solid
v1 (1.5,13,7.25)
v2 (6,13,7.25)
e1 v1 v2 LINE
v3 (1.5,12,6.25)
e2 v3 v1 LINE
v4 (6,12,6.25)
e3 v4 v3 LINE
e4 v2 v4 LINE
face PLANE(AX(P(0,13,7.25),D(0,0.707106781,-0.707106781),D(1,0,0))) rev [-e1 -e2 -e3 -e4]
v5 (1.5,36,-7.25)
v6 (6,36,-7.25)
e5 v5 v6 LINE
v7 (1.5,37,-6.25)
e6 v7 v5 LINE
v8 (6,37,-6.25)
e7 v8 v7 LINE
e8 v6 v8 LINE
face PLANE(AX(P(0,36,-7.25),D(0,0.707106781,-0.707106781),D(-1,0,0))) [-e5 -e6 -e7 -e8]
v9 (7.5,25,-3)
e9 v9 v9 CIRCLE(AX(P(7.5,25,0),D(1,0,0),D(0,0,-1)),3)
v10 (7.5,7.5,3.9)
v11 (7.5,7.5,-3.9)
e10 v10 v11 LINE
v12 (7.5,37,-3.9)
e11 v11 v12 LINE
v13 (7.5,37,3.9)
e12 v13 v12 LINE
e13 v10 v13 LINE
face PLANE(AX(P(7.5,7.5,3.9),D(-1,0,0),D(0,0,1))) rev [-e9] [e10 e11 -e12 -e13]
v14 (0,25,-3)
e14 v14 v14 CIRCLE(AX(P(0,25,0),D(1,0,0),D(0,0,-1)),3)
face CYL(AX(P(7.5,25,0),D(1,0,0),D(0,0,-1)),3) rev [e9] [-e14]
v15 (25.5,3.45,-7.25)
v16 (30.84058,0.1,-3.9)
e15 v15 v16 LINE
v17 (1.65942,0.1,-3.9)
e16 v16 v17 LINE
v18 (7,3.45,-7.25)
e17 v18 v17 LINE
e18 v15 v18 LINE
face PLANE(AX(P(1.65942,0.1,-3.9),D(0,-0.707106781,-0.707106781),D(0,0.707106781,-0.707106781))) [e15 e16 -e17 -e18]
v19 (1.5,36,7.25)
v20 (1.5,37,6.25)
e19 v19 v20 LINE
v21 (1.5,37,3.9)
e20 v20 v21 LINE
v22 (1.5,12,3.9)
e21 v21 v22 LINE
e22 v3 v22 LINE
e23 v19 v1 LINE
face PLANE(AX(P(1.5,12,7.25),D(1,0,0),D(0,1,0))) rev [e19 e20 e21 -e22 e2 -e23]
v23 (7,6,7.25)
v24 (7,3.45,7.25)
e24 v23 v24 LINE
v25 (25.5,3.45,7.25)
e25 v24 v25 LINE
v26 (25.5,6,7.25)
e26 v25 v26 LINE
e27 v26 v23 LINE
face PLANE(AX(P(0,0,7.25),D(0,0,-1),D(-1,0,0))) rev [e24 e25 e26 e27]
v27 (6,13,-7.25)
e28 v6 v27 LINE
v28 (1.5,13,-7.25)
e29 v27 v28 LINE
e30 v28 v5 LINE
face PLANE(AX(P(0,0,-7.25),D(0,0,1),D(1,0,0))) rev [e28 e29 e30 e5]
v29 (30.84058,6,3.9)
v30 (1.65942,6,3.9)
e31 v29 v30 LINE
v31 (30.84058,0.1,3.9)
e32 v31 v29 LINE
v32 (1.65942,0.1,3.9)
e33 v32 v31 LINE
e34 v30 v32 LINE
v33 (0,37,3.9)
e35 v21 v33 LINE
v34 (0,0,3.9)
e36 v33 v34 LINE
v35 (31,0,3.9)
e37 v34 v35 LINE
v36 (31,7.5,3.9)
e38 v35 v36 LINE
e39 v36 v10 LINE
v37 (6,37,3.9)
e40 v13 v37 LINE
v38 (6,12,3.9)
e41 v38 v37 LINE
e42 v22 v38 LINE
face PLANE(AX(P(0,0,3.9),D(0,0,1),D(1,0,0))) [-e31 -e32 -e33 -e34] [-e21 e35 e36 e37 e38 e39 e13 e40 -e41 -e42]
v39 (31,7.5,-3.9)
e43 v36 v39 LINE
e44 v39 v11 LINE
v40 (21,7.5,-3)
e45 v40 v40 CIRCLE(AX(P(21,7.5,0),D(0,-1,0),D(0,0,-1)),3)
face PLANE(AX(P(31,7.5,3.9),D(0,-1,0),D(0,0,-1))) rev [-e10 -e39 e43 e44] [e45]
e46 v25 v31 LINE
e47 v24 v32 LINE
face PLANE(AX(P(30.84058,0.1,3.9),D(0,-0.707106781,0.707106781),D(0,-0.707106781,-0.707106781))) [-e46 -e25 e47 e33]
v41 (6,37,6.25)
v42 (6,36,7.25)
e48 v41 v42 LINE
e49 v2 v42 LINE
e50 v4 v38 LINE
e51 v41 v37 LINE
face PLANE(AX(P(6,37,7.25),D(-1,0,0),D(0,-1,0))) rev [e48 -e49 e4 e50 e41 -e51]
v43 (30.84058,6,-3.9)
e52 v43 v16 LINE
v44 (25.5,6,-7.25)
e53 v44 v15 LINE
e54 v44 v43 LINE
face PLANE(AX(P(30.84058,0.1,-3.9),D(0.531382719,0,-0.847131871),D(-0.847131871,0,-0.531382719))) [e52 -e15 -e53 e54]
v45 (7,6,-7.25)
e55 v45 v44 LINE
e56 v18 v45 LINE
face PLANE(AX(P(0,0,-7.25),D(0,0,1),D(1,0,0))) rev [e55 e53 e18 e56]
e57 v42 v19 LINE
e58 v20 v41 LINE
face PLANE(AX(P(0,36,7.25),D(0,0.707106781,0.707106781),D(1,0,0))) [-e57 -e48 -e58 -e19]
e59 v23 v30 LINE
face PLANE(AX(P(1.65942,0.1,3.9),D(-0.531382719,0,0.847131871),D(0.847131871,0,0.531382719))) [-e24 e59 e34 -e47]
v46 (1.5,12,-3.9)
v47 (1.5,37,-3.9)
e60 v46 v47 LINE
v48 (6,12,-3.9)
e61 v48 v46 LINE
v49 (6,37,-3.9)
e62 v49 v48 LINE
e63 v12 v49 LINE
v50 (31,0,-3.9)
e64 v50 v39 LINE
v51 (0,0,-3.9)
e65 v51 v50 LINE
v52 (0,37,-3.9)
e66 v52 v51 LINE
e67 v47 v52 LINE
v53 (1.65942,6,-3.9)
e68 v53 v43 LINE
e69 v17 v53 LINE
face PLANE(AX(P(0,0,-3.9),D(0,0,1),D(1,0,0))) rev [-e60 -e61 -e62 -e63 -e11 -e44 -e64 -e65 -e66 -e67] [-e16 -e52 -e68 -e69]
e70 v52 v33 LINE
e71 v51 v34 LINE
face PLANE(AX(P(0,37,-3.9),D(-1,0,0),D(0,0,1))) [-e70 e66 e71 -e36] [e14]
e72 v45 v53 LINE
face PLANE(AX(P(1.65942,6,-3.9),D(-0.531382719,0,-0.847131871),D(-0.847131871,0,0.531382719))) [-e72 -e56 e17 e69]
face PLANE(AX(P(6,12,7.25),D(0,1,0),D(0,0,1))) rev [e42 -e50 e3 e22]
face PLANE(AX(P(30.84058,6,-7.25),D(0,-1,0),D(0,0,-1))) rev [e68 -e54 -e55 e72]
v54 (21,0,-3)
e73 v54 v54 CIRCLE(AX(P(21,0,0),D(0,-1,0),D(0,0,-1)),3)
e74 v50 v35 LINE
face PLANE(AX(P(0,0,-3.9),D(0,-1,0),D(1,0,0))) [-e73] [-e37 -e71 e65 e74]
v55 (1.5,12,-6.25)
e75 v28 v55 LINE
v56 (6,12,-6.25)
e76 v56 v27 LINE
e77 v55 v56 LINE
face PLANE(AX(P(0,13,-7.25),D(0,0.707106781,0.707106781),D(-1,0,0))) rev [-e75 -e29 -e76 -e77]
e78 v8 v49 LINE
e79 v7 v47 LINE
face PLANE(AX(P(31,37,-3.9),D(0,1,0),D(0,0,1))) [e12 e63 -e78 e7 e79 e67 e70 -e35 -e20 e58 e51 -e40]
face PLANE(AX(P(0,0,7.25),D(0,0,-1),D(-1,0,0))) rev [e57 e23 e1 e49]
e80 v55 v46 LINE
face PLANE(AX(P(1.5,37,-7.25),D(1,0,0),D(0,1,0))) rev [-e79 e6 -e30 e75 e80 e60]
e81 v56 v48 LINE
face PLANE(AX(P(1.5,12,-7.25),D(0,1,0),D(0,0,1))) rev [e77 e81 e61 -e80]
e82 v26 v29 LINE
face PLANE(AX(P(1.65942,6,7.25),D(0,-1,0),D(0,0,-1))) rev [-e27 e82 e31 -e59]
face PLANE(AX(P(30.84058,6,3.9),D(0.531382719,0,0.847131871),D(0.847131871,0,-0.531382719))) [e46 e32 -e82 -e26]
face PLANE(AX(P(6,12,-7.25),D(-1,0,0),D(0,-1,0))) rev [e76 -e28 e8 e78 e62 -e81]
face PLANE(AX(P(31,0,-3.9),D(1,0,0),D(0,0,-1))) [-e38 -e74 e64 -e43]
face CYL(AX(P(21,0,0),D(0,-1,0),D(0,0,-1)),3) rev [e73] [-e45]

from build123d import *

# Parameters (mm, degrees)
SKETCH_1_W                = 31
SKETCH_1_H                = 37
EXTRUDE_1_DEPTH           = 7.8
SKETCH_2_W                = 23.5
SKETCH_2_H                = 29.5
CUT_EXTRUDE_1_DEPTH       = 49.896216623
SKETCH_3_W                = 29.18115942
SKETCH_3_H                = 5.9
EXTRUDE_2_DEPTH           = 3.35
SKETCH_4_W                = 4.5
SKETCH_4_H                = 25
EXTRUDE_3_DEPTH           = 3.35
SKETCH_5_W                = 4.5
SKETCH_5_H                = 25
EXTRUDE_4_DEPTH           = 3.35
SKETCH_6_W                = 29.18115942
SKETCH_6_H                = 5.9
EXTRUDE_5_DEPTH           = 3.35
DRAFT_1_ANGLE             = 45
DRAFT_2_ANGLE             = 45
DRAFT_3_ANGLE             = 57.901072745
DRAFT_4_ANGLE             = 57.901072745
HOLE_WIZARD_6_0_6_1_D     = 6
HOLE_WIZARD_6_0_6_2_D     = 6
HOLE_WIZARD_6_0_6_2_DEPTH = 37
CHAMFER_1_SIZE            = 1


with BuildPart() as part:
    # 草图1 → 凸台-拉伸1 (new body)
    with BuildSketch(Plane.XY.offset(3.9)):
        with Locations((15.5, 18.5)):
            Rectangle(SKETCH_1_W, SKETCH_1_H)
    extrude(amount=-EXTRUDE_1_DEPTH)

    # 草图2 → 切除-拉伸1 (cut, through all)
    with BuildSketch(Plane(origin=(0, 0, -3.9), x_dir=(-1, 0, 0), z_dir=(0, 0, -1))):
        with Locations((-19.25, 22.25)):
            Rectangle(SKETCH_2_W, SKETCH_2_H)
    extrude(amount=-CUT_EXTRUDE_1_DEPTH, mode=Mode.SUBTRACT)

    # 草图3 → 凸台-拉伸2 (add)
    with BuildSketch(Plane.XY.offset(3.9)):
        with Locations((16.25, 3.05)):
            Rectangle(SKETCH_3_W, SKETCH_3_H)
    extrude(amount=EXTRUDE_2_DEPTH)

    # 草图4 → 凸台-拉伸3 (add)
    with BuildSketch(Plane.XY.offset(3.9)):
        with Locations((3.75, 24.5)):
            Rectangle(SKETCH_4_W, SKETCH_4_H)
    extrude(amount=EXTRUDE_3_DEPTH)

    # 草图5 → 凸台-拉伸4 (add)
    with BuildSketch(Plane(origin=(0, 0, -3.9), x_dir=(-1, 0, 0), z_dir=(0, 0, -1))):
        with Locations((-3.75, 24.5)):
            Rectangle(SKETCH_5_W, SKETCH_5_H)
    extrude(amount=EXTRUDE_4_DEPTH)

    # 草图6 → 凸台-拉伸5 (add)
    with BuildSketch(Plane(origin=(0, 0, -3.9), x_dir=(-1, 0, 0), z_dir=(0, 0, -1))):
        with Locations((-16.25, 3.05)):
            Rectangle(SKETCH_6_W, SKETCH_6_H)
    extrude(amount=EXTRUDE_5_DEPTH)

    # 拔模1
    draft_1_faces = [part.faces().sort_by_distance(p)[0] for p in [
        (16.25, 0.1, -5.575),
    ]]
    draft(draft_1_faces, Plane(origin=(0, 0, -3.9), x_dir=(-1, 0, 0), z_dir=(0, 0, -1)), DRAFT_1_ANGLE)

    # 拔模2
    draft_2_faces = [part.faces().sort_by_distance(p)[0] for p in [
        (16.25, 0.1, 5.575),
    ]]
    draft(draft_2_faces, Plane.XY.offset(3.9), DRAFT_2_ANGLE)

    # 拔模3
    draft_3_faces = [part.faces().sort_by_distance(p)[0] for p in [
        (30.84057971, 3.776824458, -5.353648915),
        (1.65942029, 3.776824458, -5.353648915),
    ]]
    draft(draft_3_faces, Plane(origin=(0, 0, -3.9), x_dir=(-1, 0, 0), z_dir=(0, 0, -1)), DRAFT_3_ANGLE)

    # 拔模4
    draft_4_faces = [part.faces().sort_by_distance(p)[0] for p in [
        (30.84057971, 3.776824458, 5.353648915),
        (1.65942029, 3.776824458, 5.353648915),
    ]]
    draft(draft_4_faces, Plane.XY.offset(3.9), DRAFT_4_ANGLE)

    # Ø6.0 (6) 直径孔1 (through all)
    with Locations(Plane(origin=(7.5, 0, 0), x_dir=(0, 0, -1), z_dir=(1, 0, 0))):
        with Locations((0, 25)):
            Hole(HOLE_WIZARD_6_0_6_1_D / 2)

    # Ø6.0 (6) 直径孔2
    with Locations(Plane(origin=(0, 0, 0), x_dir=(-1, 0, 0), z_dir=(0, -1, 0))):
        with Locations((-21, 0)):
            Hole(HOLE_WIZARD_6_0_6_2_D / 2, depth=HOLE_WIZARD_6_0_6_2_DEPTH)

    # 倒角1
    chamfer_1_edges = [part.edges().sort_by_distance(p)[0] for p in [
        (3.75, 12, 7.25),
        (3.75, 37, 7.25),
        (3.75, 12, -7.25),
        (3.75, 37, -7.25),
    ]]
    chamfer(chamfer_1_edges, length=CHAMFER_1_SIZE)


solid = part.part
